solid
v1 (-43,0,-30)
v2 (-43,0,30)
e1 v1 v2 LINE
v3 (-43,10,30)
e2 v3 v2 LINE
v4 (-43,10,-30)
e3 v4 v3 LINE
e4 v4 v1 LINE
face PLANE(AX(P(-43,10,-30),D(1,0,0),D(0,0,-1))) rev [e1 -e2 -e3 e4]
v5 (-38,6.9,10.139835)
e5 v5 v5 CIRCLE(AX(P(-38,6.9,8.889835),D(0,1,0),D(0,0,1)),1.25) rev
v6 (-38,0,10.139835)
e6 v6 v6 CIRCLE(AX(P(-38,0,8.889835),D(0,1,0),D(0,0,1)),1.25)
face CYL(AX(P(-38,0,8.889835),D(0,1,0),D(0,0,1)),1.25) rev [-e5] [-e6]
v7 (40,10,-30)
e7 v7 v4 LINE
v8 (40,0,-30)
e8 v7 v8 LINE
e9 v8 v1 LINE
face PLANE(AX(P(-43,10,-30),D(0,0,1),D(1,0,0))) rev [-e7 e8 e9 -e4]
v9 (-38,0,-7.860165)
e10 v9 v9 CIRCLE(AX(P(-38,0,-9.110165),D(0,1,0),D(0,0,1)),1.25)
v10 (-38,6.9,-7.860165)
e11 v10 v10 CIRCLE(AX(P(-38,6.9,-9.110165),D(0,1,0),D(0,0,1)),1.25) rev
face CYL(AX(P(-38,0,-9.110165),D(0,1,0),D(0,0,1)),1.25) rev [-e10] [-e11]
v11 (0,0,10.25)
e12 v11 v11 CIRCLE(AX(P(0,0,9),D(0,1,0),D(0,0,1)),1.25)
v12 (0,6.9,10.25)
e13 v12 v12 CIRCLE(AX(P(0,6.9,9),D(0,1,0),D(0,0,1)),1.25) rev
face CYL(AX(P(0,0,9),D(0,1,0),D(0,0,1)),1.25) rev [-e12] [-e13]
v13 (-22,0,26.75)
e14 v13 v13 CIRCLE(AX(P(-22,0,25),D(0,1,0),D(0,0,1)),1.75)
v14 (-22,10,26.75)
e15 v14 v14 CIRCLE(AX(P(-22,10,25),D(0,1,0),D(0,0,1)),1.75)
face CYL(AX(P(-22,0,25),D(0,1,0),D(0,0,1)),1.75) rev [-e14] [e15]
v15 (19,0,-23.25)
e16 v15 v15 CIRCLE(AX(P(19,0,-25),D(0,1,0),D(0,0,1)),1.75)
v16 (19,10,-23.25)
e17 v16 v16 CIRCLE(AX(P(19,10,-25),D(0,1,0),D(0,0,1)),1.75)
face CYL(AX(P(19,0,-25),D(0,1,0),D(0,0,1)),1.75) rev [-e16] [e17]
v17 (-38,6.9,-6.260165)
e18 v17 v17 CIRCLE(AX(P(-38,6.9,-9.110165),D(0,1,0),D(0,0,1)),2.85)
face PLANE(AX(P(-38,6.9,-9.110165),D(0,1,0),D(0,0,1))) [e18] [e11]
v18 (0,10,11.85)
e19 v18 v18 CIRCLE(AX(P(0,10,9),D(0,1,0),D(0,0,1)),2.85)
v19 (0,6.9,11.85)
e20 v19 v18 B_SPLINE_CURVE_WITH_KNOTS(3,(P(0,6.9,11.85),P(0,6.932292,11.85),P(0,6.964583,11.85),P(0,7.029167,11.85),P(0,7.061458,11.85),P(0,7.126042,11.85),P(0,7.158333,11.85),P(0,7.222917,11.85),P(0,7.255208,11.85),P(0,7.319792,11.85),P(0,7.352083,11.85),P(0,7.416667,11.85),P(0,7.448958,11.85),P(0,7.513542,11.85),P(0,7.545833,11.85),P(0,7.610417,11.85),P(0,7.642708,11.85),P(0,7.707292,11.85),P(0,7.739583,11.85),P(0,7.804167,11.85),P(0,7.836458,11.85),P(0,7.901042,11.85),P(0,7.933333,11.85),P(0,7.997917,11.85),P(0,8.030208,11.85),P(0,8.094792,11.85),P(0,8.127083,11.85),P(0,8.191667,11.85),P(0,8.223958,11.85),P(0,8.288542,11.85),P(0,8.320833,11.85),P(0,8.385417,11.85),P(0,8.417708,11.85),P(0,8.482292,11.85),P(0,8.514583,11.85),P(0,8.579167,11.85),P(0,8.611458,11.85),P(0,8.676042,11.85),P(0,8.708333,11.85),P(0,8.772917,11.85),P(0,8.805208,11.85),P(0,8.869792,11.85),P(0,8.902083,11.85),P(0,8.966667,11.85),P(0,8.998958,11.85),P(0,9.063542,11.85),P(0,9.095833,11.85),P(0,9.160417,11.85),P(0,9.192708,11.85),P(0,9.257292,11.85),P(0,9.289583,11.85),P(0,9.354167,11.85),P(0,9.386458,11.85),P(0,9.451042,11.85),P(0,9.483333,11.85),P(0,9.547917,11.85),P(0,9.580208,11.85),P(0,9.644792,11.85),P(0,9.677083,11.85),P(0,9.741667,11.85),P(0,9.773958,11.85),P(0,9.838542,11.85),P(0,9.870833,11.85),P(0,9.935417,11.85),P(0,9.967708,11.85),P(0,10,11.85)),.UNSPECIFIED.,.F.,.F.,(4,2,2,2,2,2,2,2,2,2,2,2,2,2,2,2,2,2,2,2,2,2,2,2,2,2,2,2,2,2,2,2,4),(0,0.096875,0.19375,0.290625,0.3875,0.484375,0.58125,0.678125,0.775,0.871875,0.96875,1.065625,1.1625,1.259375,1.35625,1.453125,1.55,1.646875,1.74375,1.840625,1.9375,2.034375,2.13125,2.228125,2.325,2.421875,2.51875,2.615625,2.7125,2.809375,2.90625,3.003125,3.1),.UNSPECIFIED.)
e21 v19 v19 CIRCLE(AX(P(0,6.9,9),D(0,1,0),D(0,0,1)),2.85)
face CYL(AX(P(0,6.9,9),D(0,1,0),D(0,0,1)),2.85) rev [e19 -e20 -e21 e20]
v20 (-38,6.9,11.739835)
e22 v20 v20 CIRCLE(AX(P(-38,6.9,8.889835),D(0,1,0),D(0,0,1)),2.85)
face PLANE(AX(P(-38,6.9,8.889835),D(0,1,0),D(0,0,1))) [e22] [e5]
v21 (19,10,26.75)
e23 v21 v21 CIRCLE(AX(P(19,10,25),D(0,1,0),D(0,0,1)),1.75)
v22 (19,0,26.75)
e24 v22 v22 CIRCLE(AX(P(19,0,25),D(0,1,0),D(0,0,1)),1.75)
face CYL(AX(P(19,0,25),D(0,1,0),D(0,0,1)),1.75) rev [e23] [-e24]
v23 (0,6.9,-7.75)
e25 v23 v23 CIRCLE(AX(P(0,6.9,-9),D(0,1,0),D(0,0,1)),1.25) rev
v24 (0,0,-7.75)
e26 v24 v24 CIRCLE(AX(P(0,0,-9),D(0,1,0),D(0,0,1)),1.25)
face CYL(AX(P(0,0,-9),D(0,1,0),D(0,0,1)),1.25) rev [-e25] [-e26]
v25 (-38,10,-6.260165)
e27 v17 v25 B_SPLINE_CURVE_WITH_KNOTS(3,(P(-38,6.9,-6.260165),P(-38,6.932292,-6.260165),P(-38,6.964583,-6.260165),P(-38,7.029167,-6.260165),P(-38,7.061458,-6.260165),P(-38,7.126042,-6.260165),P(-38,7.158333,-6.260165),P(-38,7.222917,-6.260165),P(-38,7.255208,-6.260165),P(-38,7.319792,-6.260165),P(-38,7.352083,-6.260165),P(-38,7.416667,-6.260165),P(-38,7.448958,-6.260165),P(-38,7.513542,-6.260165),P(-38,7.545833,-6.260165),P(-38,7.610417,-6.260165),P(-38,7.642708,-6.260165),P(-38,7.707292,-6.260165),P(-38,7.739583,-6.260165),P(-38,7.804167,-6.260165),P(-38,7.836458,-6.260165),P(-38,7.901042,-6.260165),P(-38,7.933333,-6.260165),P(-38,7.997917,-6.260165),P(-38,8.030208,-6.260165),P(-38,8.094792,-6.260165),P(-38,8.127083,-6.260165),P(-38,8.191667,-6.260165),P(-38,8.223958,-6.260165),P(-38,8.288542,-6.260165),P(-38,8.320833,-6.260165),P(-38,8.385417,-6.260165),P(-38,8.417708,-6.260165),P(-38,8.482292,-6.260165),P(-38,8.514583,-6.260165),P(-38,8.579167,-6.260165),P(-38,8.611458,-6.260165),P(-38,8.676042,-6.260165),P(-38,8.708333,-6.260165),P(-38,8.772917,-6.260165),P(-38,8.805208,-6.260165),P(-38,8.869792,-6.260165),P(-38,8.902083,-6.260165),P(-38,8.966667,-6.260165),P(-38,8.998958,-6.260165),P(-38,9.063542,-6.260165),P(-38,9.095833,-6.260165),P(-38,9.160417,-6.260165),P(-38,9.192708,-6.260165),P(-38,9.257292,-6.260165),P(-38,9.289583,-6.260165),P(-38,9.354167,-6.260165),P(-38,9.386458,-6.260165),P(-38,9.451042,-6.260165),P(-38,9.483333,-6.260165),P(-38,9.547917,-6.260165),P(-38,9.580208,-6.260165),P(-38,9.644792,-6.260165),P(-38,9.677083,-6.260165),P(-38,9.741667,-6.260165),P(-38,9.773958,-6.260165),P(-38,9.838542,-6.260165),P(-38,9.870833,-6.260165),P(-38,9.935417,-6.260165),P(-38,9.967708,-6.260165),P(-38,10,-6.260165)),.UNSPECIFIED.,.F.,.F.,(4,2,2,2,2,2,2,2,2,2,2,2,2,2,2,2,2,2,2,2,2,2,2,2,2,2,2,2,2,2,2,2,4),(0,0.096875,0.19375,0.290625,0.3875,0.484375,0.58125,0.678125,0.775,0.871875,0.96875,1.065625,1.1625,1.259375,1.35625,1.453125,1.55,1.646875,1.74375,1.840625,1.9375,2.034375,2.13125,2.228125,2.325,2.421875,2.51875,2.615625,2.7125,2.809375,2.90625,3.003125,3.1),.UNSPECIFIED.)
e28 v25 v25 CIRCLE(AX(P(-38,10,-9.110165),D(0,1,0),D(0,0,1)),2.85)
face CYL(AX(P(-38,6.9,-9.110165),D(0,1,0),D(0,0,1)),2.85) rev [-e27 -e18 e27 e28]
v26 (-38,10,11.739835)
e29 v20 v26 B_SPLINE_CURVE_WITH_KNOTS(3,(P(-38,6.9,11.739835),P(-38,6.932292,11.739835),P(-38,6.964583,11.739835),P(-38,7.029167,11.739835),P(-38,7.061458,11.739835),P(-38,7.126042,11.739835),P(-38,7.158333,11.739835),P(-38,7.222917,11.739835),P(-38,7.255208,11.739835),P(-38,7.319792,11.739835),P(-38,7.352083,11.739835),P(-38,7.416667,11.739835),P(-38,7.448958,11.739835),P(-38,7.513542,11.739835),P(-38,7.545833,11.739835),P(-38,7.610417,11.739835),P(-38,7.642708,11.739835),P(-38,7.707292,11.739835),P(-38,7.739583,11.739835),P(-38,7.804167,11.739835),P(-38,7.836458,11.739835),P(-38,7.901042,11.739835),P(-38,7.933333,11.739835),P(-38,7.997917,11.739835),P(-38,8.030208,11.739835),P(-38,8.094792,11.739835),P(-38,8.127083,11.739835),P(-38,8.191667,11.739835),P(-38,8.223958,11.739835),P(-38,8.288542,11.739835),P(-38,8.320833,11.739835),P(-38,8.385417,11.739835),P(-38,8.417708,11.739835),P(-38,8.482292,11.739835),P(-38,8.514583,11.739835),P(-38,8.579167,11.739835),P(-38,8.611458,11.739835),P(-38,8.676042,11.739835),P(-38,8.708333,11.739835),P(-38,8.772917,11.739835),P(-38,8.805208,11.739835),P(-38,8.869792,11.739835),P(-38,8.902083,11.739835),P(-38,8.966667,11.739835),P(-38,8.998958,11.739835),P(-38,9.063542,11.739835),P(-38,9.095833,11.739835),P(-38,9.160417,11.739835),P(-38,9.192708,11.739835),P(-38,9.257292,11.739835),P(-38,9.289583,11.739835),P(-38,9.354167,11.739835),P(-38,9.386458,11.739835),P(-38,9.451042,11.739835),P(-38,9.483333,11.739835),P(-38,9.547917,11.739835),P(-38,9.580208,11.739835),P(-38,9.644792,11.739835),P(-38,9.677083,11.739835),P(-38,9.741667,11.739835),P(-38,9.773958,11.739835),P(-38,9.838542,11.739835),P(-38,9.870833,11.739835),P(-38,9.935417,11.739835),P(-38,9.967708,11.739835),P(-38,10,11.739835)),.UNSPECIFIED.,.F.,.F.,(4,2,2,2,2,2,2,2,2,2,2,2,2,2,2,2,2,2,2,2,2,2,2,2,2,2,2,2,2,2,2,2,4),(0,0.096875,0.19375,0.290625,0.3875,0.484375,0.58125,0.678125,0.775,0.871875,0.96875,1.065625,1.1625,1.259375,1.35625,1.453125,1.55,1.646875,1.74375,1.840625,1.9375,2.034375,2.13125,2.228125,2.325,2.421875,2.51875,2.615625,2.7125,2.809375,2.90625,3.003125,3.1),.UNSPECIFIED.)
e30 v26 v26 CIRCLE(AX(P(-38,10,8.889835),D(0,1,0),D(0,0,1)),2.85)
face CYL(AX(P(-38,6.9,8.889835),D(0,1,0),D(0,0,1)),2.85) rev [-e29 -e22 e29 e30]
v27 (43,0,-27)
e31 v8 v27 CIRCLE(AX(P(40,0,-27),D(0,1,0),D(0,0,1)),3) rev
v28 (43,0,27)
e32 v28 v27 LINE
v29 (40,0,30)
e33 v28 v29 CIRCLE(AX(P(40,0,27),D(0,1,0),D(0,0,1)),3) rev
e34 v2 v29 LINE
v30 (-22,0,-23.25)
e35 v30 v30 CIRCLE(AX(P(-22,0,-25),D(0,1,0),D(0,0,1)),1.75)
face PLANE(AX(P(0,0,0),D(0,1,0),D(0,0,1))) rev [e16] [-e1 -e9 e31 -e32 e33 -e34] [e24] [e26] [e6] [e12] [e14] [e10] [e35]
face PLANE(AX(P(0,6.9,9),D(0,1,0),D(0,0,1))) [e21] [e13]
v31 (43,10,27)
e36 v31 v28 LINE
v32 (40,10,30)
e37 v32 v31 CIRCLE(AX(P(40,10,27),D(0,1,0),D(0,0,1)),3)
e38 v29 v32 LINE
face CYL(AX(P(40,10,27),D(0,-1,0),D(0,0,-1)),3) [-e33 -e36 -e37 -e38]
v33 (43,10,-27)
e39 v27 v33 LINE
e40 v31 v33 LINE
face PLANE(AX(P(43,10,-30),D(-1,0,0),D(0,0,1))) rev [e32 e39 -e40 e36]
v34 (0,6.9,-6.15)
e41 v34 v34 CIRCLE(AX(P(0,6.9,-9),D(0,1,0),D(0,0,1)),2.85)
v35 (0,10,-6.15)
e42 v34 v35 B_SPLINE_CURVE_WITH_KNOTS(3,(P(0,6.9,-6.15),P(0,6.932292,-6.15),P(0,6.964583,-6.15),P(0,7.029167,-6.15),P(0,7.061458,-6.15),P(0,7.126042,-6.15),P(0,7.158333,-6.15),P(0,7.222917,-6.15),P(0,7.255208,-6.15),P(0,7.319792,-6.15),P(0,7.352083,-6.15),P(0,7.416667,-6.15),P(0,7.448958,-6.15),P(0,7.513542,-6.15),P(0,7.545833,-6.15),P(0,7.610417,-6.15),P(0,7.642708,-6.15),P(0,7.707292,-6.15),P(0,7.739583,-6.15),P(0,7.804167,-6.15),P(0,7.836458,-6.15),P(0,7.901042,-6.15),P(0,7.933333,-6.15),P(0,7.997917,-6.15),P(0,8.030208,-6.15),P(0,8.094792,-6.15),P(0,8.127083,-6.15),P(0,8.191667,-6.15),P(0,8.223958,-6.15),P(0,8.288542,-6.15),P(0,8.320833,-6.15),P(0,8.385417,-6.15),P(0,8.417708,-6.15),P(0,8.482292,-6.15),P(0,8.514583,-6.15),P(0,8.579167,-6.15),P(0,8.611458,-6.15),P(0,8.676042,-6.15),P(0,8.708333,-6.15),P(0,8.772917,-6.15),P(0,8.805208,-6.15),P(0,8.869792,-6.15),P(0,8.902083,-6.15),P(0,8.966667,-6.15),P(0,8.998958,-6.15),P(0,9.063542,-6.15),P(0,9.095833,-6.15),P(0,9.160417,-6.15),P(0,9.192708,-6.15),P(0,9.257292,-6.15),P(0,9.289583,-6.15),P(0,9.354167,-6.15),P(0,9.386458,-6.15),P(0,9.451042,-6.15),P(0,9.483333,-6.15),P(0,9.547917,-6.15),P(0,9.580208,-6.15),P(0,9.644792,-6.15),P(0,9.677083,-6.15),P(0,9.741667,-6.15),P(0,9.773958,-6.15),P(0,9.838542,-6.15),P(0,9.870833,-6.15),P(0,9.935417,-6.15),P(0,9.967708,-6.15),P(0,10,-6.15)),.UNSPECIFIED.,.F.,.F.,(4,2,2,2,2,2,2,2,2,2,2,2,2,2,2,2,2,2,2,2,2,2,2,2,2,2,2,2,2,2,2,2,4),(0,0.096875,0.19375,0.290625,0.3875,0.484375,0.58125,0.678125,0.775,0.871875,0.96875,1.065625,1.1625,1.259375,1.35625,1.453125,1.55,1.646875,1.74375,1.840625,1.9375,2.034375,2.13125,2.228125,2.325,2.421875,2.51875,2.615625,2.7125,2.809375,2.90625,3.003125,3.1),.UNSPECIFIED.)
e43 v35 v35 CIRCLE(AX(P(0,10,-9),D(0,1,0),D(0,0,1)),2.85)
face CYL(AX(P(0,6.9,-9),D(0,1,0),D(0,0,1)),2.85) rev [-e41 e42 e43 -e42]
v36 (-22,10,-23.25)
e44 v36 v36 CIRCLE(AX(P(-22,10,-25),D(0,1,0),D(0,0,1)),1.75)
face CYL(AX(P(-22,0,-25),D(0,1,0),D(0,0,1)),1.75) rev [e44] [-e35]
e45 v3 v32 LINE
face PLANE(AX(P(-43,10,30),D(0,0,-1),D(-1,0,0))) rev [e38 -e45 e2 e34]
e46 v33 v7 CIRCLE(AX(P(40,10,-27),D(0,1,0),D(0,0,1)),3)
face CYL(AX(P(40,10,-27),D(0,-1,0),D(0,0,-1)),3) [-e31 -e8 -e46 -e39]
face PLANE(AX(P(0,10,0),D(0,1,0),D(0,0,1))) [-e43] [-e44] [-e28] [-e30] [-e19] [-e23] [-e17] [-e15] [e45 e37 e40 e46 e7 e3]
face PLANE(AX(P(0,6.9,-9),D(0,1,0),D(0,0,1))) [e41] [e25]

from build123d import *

# Parameters (mm, degrees)
SKETCH_1_W          = 86
SKETCH_1_H          = 60
EXTRUDE_1_DEPTH     = 10
FILLET_1_R          = 3
SKETCH_2_R          = 1.25
CUT_EXTRUDE_1_DEPTH = 54.37602458
SKETCH_3_R          = 2.85
CUT_EXTRUDE_2_DEPTH = 3.1
SKETCH_4_R          = 1.75
CUT_EXTRUDE_3_DEPTH = 54.37602458


with BuildPart() as part:
    # 草图1 → 凸台-拉伸1 (new body)
    with BuildSketch(Plane(origin=(0, 0, 0), x_dir=(1, 0, 0), z_dir=(0, 1, 0))):
        Rectangle(SKETCH_1_W, SKETCH_1_H)
    extrude(amount=EXTRUDE_1_DEPTH)

    # 圆角1
    fillet_1_edges = [part.edges().sort_by_distance(p)[0] for p in [
        (43, 5, 30),
        (43, 5, -30),
    ]]
    fillet(fillet_1_edges, radius=FILLET_1_R)

    # 草图2 → 切除-拉伸1 (cut, through all)
    with BuildSketch(Plane(origin=(0, 10, 0), x_dir=(1, 0, 0), z_dir=(0, 1, 0))):
        with Locations(Location((-38, -8.88983487, 0), (0, 0, 270))):
            Circle(SKETCH_2_R)
        with Locations(Location((-38, 9.11016513, 0), (0, 0, 270))):
            Circle(SKETCH_2_R)
        with Locations(Location((0, 9, 0), (0, 0, 270))):
            Circle(SKETCH_2_R)
        with Locations(Location((0, -9, 0), (0, 0, 270))):
            Circle(SKETCH_2_R)
    extrude(amount=-CUT_EXTRUDE_1_DEPTH, mode=Mode.SUBTRACT)

    # 草图3 → 切除-拉伸2 (cut)
    with BuildSketch(Plane(origin=(0, 10, 0), x_dir=(1, 0, 0), z_dir=(0, 1, 0))):
        with Locations(Location((-38, -8.88983487, 0), (0, 0, 270))):
            Circle(SKETCH_3_R)
        with Locations(Location((-38, 9.11016513, 0), (0, 0, 270))):
            Circle(SKETCH_3_R)
        with Locations(Location((0, -9, 0), (0, 0, 270))):
            Circle(SKETCH_3_R)
        with Locations(Location((0, 9, 0), (0, 0, 270))):
            Circle(SKETCH_3_R)
    extrude(amount=-CUT_EXTRUDE_2_DEPTH, mode=Mode.SUBTRACT)

    # 草图4 → 切除-拉伸3 (cut, through all)
    with BuildSketch(Plane(origin=(0, 10, 0), x_dir=(1, 0, 0), z_dir=(0, 1, 0))):
        with Locations(Location((-22, -25, 0), (0, 0, 270))):
            Circle(SKETCH_4_R)
        with Locations(Location((-22, 25, 0), (0, 0, 270))):
            Circle(SKETCH_4_R)
        with Locations(Location((19, -25, 0), (0, 0, 270))):
            Circle(SKETCH_4_R)
        with Locations(Location((19, 25, 0), (0, 0, 270))):
            Circle(SKETCH_4_R)
    extrude(amount=-CUT_EXTRUDE_3_DEPTH, mode=Mode.SUBTRACT)


solid = part.part
